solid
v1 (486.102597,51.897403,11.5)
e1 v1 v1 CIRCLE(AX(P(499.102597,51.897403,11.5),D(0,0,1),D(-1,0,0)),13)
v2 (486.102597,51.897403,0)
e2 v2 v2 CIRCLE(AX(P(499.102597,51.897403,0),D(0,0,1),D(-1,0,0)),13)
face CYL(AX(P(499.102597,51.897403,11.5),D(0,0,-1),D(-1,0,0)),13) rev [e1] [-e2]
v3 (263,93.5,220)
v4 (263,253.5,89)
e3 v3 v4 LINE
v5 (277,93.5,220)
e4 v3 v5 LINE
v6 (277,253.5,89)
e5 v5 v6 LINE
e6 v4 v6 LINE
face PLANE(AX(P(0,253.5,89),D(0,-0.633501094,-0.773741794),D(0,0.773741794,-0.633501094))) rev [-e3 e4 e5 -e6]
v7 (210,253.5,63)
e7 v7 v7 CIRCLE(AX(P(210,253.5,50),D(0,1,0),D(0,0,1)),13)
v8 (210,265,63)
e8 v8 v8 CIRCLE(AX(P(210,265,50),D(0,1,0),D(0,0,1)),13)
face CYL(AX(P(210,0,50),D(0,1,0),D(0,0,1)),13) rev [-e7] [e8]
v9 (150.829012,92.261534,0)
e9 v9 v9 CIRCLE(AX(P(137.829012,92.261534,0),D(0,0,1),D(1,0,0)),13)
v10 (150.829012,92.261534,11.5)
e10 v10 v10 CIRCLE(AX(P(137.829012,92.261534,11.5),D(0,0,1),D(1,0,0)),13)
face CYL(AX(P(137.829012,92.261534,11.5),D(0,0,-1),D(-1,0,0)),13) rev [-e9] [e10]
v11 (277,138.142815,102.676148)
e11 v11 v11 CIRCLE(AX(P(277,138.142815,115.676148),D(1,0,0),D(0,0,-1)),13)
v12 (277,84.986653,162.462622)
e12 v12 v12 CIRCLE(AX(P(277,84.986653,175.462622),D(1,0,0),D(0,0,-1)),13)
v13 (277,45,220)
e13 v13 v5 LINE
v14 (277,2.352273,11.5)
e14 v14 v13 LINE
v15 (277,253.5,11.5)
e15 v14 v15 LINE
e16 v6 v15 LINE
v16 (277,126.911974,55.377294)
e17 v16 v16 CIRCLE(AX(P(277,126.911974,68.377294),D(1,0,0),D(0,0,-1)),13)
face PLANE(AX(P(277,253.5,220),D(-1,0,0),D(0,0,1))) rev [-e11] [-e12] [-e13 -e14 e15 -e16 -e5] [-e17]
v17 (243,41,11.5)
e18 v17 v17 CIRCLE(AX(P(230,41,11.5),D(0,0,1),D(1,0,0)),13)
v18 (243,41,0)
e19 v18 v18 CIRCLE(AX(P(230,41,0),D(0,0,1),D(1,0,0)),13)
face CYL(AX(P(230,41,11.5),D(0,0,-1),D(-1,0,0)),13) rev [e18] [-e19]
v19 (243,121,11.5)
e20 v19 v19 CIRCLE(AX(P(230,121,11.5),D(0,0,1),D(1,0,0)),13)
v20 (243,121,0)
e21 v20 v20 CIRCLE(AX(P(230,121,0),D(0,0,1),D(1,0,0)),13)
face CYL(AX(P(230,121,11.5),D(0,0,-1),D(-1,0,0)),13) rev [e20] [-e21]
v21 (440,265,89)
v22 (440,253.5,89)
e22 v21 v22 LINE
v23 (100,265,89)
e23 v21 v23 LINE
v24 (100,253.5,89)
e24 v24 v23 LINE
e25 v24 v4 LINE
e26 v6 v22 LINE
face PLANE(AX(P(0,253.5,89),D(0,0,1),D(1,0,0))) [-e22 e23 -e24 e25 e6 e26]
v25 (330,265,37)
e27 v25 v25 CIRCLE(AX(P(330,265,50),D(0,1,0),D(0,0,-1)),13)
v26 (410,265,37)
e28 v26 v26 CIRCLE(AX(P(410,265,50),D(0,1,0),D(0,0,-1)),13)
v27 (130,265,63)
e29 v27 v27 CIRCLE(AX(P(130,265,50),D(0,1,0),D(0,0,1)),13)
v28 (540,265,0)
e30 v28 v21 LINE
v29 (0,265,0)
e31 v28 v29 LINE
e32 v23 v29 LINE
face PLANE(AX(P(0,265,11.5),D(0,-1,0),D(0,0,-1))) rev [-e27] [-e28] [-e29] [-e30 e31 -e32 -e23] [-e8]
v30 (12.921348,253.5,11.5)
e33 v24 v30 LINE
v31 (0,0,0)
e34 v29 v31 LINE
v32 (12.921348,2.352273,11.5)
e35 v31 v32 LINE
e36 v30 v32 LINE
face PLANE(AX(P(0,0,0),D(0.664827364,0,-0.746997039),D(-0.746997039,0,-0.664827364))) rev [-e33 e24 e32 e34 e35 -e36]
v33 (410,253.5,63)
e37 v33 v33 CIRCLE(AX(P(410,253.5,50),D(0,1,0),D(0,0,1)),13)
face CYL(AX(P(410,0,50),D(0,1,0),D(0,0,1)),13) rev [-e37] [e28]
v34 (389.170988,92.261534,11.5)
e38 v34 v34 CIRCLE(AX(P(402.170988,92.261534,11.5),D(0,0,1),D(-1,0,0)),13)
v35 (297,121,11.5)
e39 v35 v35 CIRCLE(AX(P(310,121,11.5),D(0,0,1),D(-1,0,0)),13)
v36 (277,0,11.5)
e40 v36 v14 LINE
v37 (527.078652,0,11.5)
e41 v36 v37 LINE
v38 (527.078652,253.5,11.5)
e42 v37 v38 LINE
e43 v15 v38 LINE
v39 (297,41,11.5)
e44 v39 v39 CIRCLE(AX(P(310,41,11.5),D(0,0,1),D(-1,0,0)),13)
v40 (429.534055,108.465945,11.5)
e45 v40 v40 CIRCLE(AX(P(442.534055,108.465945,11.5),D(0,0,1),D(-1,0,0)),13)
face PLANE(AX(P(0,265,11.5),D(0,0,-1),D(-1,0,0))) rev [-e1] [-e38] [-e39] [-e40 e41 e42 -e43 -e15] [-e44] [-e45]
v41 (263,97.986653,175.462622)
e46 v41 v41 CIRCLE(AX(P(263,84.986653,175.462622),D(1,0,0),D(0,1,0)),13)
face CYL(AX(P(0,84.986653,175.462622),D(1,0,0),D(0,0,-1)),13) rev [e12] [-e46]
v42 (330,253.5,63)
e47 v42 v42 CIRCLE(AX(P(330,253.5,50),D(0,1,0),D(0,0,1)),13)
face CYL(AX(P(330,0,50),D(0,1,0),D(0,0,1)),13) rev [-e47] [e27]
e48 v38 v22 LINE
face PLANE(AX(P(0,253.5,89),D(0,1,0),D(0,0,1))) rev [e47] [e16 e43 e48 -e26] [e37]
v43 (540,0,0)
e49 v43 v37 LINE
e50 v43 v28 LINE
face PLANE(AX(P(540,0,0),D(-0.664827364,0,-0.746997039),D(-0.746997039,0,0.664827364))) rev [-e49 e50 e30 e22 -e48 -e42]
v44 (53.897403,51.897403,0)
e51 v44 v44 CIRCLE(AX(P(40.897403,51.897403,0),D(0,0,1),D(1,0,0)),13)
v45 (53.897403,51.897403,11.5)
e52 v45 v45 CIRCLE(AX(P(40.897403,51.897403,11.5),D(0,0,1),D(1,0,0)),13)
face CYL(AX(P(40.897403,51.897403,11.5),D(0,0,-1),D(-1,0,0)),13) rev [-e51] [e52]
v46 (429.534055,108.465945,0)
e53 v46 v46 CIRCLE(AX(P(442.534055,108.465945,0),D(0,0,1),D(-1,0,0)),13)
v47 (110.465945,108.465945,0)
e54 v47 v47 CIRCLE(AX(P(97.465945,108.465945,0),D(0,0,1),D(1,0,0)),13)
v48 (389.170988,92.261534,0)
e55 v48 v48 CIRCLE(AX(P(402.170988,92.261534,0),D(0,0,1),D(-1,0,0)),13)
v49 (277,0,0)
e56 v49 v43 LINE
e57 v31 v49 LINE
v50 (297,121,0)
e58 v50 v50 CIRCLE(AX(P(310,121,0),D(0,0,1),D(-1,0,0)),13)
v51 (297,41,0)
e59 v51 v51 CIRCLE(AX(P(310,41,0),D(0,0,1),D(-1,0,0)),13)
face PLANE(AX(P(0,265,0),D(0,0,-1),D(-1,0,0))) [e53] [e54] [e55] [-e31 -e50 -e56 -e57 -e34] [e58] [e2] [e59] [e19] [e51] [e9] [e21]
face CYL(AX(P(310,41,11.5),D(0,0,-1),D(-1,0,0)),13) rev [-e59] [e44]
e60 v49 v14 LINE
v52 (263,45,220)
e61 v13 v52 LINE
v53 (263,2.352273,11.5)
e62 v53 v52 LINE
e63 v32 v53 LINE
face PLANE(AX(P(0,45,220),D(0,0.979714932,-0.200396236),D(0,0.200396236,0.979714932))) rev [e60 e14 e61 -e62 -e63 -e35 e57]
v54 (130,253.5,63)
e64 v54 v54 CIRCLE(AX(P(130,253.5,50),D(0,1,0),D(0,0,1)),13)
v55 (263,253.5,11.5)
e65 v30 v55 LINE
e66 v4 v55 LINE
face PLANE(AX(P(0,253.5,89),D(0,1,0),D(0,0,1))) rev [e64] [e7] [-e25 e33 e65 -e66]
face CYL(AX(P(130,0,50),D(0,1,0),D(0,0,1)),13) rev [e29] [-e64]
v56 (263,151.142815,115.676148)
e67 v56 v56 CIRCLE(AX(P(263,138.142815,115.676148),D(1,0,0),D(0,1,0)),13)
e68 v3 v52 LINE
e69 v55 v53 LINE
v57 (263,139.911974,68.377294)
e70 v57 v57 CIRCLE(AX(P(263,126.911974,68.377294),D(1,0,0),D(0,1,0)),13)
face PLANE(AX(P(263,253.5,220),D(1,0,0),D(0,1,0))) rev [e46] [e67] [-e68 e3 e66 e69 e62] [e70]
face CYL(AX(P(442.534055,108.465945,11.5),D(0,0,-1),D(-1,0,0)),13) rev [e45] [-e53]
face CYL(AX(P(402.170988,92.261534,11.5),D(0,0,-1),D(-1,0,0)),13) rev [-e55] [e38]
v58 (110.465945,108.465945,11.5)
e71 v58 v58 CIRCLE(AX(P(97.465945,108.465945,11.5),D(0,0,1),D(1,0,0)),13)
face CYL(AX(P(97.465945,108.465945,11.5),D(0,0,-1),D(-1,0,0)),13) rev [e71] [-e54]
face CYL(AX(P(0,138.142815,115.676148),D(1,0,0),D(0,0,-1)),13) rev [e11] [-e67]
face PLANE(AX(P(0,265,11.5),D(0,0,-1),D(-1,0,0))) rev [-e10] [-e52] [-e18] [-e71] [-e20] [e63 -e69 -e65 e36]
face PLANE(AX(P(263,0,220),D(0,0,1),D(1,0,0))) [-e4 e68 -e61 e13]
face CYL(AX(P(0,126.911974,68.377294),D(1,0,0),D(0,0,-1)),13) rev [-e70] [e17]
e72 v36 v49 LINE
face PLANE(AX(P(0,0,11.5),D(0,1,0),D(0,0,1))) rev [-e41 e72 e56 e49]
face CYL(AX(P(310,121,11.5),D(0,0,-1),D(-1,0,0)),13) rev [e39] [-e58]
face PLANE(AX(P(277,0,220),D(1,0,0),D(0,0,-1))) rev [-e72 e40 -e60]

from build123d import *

# Parameters (mm, degrees)
SKETCH_1_W          = 540
SKETCH_1_H          = 265
SKETCH_1_R          = 13
EXTRUDE_551_DEPTH   = 11.5
SKETCH_2_W          = 540
SKETCH_2_H          = 11.5
EXTRUDE_1_DEPTH     = 77.5
CUT_EXTRUDE_1_DEPTH = 609.067430471
SKETCH_4_R          = 13
CUT_EXTRUDE_2_DEPTH = 609.067430471
SKETCH_5_W          = 14
SKETCH_5_H          = 253.5
EXTRUDE_2_DEPTH     = 208.5
SKETCH_6_R          = 13
CUT_EXTRUDE_3_DEPTH = 442.988687638


with BuildPart() as part:
    # 草图1 → Extrude 551 (new body)
    with BuildSketch(Plane.XY):
        with Locations((270, 132.5)):
            Rectangle(SKETCH_1_W, SKETCH_1_H)
        with Locations((97.46594539, 108.46594539)):
            Circle(SKETCH_1_R, mode=Mode.SUBTRACT)
        with Locations((40.897402896, 51.897402896)):
            Circle(SKETCH_1_R, mode=Mode.SUBTRACT)
        with Locations(Location((499.102597104, 51.897402896, 0), (0, 0, 180))):
            Circle(SKETCH_1_R, mode=Mode.SUBTRACT)
        with Locations(Location((402.170987639, 92.261534081, 0), (0, 0, 180))):
            Circle(SKETCH_1_R, mode=Mode.SUBTRACT)
        with Locations((230, 121)):
            Circle(SKETCH_1_R, mode=Mode.SUBTRACT)
        with Locations((230, 41)):
            Circle(SKETCH_1_R, mode=Mode.SUBTRACT)
        with Locations(Location((310, 41, 0), (0, 0, 180))):
            Circle(SKETCH_1_R, mode=Mode.SUBTRACT)
        with Locations(Location((310, 121, 0), (0, 0, 180))):
            Circle(SKETCH_1_R, mode=Mode.SUBTRACT)
        with Locations((137.829012361, 92.261534081)):
            Circle(SKETCH_1_R, mode=Mode.SUBTRACT)
        with Locations(Location((442.53405461, 108.46594539, 0), (0, 0, 180))):
            Circle(SKETCH_1_R, mode=Mode.SUBTRACT)
    extrude(amount=EXTRUDE_551_DEPTH)

    # 草图2 → 凸台-拉伸1 (add)
    with BuildSketch(Plane.XY.offset(11.5)):
        with Locations((270, 259.25)):
            Rectangle(SKETCH_2_W, SKETCH_2_H)
    extrude(amount=EXTRUDE_1_DEPTH)

    # 草图3 → 切除-拉伸1 (cut, through all)
    with BuildSketch(Plane(origin=(0, 265, 0), x_dir=(-1, 0, 0), z_dir=(0, 1, 0))):
        Polygon((0, 0), (-100, 89), (0, 89), align=None)
        Polygon((-540, 0), (-440, 89), (-540, 89), align=None)
    extrude(amount=-CUT_EXTRUDE_1_DEPTH, mode=Mode.SUBTRACT)

    # 草图4 → 切除-拉伸2 (cut, through all)
    with BuildSketch(Plane(origin=(0, 265, 0), x_dir=(-1, 0, 0), z_dir=(0, 1, 0))):
        with Locations(Location((-210, 50, 0), (0, 0, 90))):
            Circle(SKETCH_4_R)
        with Locations(Location((-130, 50, 0), (0, 0, 90))):
            Circle(SKETCH_4_R)
        with Locations(Location((-410, 50, 0), (0, 0, 90))):
            Circle(SKETCH_4_R)
        with Locations(Location((-330, 50, 0), (0, 0, 90))):
            Circle(SKETCH_4_R)
    extrude(amount=-CUT_EXTRUDE_2_DEPTH, mode=Mode.SUBTRACT)

    # 草图5 → 凸台-拉伸2 (add)
    with BuildSketch(Plane.XY.offset(11.5)):
        with Locations((270, 126.75)):
            Rectangle(SKETCH_5_W, SKETCH_5_H)
    extrude(amount=EXTRUDE_2_DEPTH)

    # 草图6 → 切除-拉伸3 (cut, through all)
    with BuildSketch(Plane(origin=(277, 0, 0), x_dir=(0, 0, -1), z_dir=(1, 0, 0))):
        with Locations((-115.676148082, 138.142814541)):
            Circle(SKETCH_6_R)
        with Locations((-175.462621788, 84.986652509)):
            Circle(SKETCH_6_R)
        with Locations((-68.377294113, 126.911974174)):
            Circle(SKETCH_6_R)
        Polygon((-89, 253.5), (-220, 93.5), (-220, 253.5), align=None)
        Polygon((-220, 45), (0, 0), (-220, 0), align=None)
    extrude(amount=-CUT_EXTRUDE_3_DEPTH, mode=Mode.SUBTRACT)


solid = part.part
